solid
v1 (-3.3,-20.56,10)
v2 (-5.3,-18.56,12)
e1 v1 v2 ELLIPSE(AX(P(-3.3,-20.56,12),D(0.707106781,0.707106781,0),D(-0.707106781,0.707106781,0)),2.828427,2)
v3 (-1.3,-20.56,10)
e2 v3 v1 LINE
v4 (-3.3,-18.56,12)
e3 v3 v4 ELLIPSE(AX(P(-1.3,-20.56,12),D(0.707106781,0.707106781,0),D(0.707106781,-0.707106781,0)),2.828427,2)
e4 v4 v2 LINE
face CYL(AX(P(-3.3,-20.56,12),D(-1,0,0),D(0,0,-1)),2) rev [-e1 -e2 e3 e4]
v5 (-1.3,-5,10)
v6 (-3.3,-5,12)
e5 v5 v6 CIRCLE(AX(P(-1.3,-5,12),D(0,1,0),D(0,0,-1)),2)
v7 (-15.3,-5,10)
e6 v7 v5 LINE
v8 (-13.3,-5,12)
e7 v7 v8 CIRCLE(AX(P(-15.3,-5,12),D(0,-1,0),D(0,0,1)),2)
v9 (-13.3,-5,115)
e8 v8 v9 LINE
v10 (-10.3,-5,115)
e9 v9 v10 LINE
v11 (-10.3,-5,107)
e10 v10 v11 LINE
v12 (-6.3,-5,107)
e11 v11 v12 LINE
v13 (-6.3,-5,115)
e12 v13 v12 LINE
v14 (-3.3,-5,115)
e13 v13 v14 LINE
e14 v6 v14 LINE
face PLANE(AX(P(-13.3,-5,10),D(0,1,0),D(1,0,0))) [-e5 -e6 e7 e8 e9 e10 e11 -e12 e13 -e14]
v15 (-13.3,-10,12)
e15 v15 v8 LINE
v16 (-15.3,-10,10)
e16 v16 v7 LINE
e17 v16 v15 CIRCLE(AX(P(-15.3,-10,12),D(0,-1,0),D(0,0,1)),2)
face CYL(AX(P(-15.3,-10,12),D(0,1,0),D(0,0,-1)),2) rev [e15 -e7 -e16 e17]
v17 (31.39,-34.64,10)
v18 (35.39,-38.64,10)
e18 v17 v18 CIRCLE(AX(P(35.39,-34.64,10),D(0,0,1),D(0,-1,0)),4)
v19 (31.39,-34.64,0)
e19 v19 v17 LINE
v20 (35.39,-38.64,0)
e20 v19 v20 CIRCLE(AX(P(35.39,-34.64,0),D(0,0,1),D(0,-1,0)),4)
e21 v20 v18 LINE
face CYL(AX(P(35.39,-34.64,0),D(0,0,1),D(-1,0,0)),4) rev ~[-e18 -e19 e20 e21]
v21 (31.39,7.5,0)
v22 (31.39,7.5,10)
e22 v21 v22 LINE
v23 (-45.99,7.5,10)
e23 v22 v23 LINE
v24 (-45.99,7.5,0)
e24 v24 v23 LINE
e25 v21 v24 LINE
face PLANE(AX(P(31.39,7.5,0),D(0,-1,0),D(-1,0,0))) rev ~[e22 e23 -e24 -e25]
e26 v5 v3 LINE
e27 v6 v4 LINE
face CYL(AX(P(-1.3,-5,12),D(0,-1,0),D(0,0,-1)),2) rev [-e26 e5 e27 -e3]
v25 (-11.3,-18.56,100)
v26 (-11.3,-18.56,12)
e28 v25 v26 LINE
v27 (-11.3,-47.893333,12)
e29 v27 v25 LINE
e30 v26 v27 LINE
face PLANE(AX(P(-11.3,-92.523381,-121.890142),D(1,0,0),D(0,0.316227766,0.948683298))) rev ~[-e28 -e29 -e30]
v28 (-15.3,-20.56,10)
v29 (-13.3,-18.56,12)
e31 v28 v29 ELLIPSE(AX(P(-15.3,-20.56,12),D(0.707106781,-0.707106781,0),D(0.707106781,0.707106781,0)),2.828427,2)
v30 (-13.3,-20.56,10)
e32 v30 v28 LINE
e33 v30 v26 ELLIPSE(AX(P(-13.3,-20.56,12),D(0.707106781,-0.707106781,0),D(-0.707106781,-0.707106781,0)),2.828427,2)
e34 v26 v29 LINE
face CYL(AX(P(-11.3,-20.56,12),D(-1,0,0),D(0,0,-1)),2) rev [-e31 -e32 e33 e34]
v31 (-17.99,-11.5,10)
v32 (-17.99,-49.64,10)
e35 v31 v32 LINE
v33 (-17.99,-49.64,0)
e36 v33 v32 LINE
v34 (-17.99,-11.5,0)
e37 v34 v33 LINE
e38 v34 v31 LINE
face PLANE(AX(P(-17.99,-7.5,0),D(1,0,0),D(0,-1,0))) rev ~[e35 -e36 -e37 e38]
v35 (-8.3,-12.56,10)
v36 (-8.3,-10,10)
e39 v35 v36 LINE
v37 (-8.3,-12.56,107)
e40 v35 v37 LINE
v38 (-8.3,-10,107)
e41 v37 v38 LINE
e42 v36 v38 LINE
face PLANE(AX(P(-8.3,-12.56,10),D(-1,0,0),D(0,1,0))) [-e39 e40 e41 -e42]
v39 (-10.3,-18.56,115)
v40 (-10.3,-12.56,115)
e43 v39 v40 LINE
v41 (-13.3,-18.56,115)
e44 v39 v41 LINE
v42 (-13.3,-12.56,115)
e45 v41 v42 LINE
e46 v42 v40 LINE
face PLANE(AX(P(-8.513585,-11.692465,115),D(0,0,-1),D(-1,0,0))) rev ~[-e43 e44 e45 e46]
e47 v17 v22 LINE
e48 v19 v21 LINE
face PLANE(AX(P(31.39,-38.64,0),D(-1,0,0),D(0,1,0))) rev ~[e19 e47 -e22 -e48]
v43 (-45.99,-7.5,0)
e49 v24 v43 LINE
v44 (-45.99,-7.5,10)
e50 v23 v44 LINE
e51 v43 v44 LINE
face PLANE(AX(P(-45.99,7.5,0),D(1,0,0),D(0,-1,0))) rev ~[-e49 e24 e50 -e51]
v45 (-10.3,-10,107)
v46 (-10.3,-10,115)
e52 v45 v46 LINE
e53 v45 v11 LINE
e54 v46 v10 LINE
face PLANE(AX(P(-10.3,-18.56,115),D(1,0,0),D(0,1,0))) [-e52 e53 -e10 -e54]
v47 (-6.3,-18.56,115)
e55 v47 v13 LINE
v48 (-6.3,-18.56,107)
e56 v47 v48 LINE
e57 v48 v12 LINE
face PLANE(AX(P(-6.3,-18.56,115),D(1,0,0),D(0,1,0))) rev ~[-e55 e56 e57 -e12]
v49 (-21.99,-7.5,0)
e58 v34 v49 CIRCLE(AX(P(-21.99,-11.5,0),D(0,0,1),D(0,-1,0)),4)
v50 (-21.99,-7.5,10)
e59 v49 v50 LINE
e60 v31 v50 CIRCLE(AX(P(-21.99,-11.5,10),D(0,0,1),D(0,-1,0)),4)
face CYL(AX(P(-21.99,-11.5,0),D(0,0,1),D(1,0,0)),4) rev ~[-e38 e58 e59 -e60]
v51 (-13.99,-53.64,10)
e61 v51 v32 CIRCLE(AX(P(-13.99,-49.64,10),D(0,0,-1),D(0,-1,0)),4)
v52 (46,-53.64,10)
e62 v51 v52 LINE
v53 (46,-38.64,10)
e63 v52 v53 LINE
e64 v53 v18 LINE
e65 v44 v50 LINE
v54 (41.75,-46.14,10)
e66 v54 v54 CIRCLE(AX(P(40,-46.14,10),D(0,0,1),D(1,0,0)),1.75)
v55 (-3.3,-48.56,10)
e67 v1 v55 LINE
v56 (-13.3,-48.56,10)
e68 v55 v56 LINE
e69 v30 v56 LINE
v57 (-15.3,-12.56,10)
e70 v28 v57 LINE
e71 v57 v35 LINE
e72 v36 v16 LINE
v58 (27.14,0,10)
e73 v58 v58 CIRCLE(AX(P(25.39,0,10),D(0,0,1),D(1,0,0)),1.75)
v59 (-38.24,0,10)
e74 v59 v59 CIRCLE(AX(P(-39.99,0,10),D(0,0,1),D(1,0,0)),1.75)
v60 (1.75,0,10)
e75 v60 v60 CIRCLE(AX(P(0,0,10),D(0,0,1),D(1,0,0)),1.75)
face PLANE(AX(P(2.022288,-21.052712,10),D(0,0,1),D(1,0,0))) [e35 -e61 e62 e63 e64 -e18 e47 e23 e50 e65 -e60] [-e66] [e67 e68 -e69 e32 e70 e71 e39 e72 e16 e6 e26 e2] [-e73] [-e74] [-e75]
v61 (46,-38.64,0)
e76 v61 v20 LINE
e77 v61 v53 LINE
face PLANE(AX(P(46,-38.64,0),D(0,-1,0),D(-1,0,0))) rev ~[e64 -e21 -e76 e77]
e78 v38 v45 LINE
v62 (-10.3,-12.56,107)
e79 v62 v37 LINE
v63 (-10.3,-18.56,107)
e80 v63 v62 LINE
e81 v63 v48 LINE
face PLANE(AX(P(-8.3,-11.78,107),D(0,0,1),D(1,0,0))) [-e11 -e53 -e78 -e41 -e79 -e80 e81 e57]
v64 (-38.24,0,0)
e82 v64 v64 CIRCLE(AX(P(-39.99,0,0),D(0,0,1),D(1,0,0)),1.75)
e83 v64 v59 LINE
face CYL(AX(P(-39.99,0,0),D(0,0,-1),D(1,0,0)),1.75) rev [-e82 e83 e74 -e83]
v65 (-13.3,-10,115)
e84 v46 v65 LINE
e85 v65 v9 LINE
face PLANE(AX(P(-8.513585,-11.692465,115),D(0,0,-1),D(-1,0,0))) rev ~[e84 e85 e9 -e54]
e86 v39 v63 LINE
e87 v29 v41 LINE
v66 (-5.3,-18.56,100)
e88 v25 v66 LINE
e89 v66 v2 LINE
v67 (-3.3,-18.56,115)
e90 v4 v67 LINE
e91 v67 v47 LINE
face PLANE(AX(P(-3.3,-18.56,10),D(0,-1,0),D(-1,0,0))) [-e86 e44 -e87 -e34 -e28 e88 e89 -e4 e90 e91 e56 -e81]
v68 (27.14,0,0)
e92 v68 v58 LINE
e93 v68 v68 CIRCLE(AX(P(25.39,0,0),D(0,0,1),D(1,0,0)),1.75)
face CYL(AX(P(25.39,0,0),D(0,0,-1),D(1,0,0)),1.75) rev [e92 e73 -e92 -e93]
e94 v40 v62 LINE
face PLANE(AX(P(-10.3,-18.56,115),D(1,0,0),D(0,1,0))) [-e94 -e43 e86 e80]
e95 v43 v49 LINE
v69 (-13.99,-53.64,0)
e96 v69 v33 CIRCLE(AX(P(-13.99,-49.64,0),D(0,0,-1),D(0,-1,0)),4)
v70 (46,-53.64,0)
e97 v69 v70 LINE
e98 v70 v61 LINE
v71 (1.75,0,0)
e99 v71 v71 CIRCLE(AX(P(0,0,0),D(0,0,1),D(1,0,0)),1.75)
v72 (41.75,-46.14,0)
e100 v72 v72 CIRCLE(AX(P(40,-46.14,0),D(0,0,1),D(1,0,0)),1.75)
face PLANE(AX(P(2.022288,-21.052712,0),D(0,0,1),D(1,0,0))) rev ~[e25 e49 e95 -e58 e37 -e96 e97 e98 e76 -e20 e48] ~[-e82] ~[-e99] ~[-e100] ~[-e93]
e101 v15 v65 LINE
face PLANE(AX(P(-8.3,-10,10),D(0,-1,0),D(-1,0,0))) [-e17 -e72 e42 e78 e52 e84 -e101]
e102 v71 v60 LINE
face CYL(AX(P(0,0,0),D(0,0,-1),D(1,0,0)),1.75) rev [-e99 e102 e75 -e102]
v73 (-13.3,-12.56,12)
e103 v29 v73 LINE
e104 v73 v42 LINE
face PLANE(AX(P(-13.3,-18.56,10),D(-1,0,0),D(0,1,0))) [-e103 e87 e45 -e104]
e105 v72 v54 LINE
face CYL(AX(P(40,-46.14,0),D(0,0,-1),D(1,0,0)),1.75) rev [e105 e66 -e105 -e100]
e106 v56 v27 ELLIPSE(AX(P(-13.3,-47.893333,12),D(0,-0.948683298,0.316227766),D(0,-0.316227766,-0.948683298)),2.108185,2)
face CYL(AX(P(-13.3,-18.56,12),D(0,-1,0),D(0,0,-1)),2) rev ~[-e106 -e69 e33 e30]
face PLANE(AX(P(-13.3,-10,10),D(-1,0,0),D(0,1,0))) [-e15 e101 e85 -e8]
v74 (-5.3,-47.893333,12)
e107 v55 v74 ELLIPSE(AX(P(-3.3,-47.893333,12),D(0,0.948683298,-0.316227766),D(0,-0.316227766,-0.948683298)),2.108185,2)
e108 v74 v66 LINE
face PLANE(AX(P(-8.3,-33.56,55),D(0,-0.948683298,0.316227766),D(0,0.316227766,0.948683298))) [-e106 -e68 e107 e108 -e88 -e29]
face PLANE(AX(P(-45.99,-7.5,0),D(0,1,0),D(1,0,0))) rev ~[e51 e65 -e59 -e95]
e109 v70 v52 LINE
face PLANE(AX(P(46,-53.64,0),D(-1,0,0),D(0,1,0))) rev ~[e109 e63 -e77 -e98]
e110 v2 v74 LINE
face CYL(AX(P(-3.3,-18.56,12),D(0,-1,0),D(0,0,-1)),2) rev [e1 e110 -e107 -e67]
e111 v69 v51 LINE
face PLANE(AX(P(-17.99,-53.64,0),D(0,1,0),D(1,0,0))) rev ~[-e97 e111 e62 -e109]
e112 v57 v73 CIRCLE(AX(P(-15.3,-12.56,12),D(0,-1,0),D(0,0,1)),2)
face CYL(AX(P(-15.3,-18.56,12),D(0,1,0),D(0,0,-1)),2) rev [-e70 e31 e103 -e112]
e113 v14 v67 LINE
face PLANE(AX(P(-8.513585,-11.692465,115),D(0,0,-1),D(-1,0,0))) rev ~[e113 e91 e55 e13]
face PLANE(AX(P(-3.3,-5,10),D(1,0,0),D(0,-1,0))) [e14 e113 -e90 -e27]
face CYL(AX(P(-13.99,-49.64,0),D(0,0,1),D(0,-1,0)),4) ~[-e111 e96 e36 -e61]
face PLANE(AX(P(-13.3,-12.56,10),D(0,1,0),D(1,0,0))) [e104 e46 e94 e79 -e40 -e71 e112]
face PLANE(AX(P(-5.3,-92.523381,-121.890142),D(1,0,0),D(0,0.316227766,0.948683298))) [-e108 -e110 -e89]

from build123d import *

# Parameters (mm, degrees)
SKETCH1_R           = 1.75
BOSS_EXTRUDE1_DEPTH = 10
BOSS_EXTRUDE2_DEPTH = 105
RIB1_REACH          = 140.024
SKETCH3_WALL_W      = 372.917163166
SKETCH3_WALL_H      = 6
FILLET1_R           = 2
FILLET2_R           = 4
SKETCH4_W           = 4
SKETCH4_H           = 13.56
CUT_EXTRUDE1_DEPTH  = 8


with BuildPart() as part:
    # Sketch1 → Boss-Extrude1 (new body)
    with BuildSketch(Plane.XY):
        Polygon((-45.99, 7.5), (-45.99, -7.5), (-17.99, -7.5), (-17.99, -53.64), (46, -53.64), (46, -38.64), (31.39, -38.64), (31.39, 7.5), align=None)
        Circle(SKETCH1_R, mode=Mode.SUBTRACT)
        with Locations((25.39, 0)):
            Circle(SKETCH1_R, mode=Mode.SUBTRACT)
        with Locations((-39.99, 0)):
            Circle(SKETCH1_R, mode=Mode.SUBTRACT)
        with Locations((40, -46.14)):
            Circle(SKETCH1_R, mode=Mode.SUBTRACT)
    extrude(amount=BOSS_EXTRUDE1_DEPTH)

    # Sketch2 → Boss-Extrude2 (add)
    with BuildSketch(Plane.XY.offset(10)):
        Polygon((-13.3, -5), (-3.3, -5), (-3.3, -18.56), (-13.3, -18.56), (-13.3, -12.56), (-8.3, -12.56), (-8.3, -10), (-13.3, -10), align=None)
    extrude(amount=BOSS_EXTRUDE2_DEPTH)

    # Sketch3 wall → Rib1 (add, up to next)
    with BuildSketch(Plane(origin=(-8.3, -33.56, 55), x_dir=(0, 0.316227766017, 0.948683298051), z_dir=(0, -0.948683298051, 0.316227766017)), mode=Mode.PRIVATE) as rib1_sk1:
        Rectangle(SKETCH3_WALL_W, SKETCH3_WALL_H)
    rib1_tool1 = extrude(rib1_sk1.sketch, amount=-RIB1_REACH, mode=Mode.PRIVATE) - part.part
    add(rib1_tool1.solids().sort_by_distance((-8.3, -33.56, 55))[0])

    # Fillet1
    fillet1_edges = [part.edges().sort_by_distance(p)[0] for p in [
        (-13.3, -7.5, 10),
        (-13.3, -15.56, 10),
        (-12.3, -18.56, 10),
        (-11.3, -33.56, 10),
        (-3.3, -11.78, 10),
        (-4.3, -18.56, 10),
        (-5.3, -33.56, 10),
    ]]
    fillet(fillet1_edges, radius=FILLET1_R)

    # Fillet2
    fillet2_edges = [part.edges().sort_by_distance(p)[0] for p in [
        (31.39, -38.64, 5),
        (-17.99, -53.64, 5),
        (-17.99, -7.5, 5),
    ]]
    fillet(fillet2_edges, radius=FILLET2_R)

    # Sketch4 → Cut-Extrude1 (cut)
    with BuildSketch(Plane.XY.offset(115)):
        with Locations((-8.3, -11.78)):
            Rectangle(SKETCH4_W, SKETCH4_H)
    extrude(amount=-CUT_EXTRUDE1_DEPTH, mode=Mode.SUBTRACT)


solid = part.part
